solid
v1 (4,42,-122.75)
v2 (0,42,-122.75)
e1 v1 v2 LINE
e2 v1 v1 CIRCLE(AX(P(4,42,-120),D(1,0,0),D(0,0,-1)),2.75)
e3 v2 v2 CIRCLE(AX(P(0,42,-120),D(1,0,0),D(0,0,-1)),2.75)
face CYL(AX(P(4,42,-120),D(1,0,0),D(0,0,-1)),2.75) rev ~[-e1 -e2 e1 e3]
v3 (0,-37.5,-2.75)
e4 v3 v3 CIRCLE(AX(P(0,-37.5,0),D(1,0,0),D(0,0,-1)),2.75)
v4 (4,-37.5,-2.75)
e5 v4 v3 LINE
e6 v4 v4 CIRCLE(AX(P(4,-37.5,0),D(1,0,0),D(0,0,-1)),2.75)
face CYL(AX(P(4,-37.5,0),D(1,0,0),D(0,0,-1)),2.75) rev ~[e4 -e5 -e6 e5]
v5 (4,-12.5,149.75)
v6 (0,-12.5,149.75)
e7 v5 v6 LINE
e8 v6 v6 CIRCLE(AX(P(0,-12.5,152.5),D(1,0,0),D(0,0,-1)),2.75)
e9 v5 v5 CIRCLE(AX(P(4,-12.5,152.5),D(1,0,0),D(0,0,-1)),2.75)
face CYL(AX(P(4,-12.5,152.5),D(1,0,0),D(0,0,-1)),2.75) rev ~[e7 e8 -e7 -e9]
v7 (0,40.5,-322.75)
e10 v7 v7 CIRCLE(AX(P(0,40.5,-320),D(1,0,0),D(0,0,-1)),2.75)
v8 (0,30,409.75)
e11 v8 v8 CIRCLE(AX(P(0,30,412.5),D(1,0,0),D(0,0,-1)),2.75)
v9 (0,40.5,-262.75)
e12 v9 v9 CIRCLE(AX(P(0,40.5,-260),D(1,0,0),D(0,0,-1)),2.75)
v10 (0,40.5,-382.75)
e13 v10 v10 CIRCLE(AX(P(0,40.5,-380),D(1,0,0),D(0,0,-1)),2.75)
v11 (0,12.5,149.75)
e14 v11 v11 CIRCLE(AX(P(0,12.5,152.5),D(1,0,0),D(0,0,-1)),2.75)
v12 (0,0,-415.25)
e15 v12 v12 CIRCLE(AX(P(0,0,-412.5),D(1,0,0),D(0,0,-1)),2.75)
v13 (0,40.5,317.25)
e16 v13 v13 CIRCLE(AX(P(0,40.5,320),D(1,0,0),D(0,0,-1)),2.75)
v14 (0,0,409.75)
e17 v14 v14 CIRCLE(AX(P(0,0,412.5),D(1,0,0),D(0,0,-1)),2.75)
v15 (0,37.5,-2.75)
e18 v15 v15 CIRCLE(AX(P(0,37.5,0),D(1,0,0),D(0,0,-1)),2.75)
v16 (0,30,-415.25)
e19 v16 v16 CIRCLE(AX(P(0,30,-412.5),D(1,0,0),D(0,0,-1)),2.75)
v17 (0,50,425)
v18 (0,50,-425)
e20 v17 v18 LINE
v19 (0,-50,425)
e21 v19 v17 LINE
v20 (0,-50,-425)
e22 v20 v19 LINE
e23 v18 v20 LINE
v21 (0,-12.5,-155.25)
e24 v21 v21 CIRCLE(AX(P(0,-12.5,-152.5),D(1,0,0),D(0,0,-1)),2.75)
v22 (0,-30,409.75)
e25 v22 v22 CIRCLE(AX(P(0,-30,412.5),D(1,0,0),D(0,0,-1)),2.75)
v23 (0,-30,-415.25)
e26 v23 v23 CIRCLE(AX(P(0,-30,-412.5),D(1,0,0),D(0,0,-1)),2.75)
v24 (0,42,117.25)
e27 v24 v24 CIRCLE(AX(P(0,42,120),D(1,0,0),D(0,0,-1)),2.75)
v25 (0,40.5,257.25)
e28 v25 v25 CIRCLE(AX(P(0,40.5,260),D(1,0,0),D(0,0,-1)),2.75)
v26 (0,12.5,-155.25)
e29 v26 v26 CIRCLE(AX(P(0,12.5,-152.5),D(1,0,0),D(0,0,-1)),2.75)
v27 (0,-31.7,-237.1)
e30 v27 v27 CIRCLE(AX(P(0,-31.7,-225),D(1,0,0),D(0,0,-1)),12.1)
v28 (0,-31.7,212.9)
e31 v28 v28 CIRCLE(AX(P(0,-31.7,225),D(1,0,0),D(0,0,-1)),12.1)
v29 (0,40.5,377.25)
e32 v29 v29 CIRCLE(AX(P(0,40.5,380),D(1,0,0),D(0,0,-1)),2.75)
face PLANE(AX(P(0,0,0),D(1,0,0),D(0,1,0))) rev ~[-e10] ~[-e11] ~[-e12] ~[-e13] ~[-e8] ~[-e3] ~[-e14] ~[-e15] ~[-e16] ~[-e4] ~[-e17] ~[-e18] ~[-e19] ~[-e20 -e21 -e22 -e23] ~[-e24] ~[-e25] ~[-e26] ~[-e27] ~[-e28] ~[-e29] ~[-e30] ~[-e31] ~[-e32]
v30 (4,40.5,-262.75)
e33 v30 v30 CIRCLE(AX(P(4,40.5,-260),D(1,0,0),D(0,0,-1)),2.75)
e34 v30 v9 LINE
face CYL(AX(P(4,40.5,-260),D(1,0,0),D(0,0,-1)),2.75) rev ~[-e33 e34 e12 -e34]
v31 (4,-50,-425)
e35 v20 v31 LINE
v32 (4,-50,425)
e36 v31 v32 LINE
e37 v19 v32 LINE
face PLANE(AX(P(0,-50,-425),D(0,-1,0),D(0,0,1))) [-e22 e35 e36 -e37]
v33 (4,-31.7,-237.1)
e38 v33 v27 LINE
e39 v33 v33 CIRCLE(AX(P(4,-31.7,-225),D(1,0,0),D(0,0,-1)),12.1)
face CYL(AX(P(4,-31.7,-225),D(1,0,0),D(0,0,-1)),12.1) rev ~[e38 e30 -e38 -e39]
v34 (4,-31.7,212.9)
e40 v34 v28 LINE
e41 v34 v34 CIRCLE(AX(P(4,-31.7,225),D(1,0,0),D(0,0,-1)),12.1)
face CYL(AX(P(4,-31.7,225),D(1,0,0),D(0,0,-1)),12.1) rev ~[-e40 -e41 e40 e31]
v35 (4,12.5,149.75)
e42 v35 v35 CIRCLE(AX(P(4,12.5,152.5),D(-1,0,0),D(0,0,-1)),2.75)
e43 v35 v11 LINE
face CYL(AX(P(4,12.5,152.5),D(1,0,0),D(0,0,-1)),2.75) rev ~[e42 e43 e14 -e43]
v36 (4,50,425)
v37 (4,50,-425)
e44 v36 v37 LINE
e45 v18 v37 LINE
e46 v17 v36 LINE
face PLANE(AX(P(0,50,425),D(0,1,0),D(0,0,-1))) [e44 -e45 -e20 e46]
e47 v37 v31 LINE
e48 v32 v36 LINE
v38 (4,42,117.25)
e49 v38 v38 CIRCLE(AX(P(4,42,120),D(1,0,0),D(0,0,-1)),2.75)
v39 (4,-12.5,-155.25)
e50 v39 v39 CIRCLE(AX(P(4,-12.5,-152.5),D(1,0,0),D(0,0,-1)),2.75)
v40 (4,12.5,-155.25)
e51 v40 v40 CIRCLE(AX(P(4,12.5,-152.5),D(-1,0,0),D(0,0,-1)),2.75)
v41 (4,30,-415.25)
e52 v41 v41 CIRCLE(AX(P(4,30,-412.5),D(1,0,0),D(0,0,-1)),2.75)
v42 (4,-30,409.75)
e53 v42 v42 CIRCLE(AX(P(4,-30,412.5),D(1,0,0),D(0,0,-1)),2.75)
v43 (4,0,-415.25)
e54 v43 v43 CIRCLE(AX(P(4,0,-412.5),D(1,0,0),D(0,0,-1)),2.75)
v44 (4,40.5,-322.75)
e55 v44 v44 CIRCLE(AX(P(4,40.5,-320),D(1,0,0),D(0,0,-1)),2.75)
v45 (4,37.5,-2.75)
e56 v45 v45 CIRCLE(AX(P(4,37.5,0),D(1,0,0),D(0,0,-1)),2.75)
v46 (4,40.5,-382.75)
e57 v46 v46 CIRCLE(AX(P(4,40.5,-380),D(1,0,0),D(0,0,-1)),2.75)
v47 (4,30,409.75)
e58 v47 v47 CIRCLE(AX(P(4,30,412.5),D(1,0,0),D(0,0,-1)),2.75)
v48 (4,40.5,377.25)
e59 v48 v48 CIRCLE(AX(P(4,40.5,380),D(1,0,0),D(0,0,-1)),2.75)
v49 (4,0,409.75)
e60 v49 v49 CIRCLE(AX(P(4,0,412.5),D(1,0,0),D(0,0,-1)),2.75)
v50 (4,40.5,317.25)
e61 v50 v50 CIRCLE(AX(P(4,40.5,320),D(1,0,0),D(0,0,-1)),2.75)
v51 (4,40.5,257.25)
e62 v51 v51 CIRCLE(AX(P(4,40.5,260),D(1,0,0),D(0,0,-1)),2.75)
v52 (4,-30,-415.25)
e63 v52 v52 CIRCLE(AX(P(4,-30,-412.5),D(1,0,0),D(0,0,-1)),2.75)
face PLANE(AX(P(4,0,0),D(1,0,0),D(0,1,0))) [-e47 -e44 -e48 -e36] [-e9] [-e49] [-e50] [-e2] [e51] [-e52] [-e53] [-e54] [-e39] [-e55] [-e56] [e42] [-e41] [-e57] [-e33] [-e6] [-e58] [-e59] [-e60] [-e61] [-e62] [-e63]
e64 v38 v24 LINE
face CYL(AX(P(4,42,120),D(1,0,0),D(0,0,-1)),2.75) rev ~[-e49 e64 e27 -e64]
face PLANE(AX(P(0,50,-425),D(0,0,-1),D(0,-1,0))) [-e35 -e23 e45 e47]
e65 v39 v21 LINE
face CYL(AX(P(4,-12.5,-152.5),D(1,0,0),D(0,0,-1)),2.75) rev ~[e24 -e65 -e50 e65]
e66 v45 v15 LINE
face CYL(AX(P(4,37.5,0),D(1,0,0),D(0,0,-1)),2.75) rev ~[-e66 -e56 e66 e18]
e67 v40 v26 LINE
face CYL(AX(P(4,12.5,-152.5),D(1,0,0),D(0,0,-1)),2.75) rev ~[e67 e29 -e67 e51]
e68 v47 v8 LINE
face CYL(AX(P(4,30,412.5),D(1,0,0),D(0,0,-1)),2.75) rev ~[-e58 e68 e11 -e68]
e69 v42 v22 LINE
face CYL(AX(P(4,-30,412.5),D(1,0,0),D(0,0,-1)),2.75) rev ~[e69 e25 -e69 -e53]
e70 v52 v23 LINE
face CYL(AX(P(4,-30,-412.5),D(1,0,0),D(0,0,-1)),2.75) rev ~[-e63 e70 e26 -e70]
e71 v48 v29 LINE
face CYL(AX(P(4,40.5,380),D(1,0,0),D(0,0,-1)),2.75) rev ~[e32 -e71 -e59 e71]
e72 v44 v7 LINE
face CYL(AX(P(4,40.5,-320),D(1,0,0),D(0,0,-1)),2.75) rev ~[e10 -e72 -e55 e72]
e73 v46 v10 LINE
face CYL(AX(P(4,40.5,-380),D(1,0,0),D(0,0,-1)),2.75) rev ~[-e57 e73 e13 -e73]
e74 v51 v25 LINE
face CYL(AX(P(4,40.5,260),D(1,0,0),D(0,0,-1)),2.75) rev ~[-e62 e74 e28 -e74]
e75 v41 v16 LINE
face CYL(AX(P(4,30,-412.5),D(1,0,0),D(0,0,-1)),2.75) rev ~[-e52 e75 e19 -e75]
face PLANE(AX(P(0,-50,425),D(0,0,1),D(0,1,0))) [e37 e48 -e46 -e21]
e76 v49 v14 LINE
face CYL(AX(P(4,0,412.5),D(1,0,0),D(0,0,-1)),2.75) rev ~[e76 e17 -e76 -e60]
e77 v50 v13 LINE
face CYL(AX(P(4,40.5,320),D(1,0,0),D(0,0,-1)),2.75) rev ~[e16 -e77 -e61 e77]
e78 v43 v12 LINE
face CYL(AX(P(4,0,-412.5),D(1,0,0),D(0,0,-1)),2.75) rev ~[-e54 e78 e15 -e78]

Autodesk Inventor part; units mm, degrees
ref_plane "YZ Plane" through (0, 0, 0) normal (1, 0, 0) x (0, 1, 0)
ref_plane "XZ Plane" through (0, 0, 0) normal (0, 1, 0) x (-1, 0, 0)
ref_plane "XY Plane" through (0, 0, 0) normal (0, 0, 1) x (1, 0, 0)
sketch "Sketch1" plane through (0, 0, 0) normal (1, 0, 0) x (0, 1, 0)
  line L0 (-50, 425) -> (50, 425)
  line L1 (50, 425) -> (50, -425)
  line L2 (50, -425) -> (-50, -425)
  line L3 (-50, -425) -> (-50, 425)
  line L4 (-50, 425) -> (50, -425) construction
  line L5 (50, 425) -> (-50, -425) construction
  point P0 (0, 0)
  dimension "d0" = 100
  dimension "d1" = 850
extrude "Extrusion1" add sketch "Sketch1" along normal blind 4
sketch "Sketch2" plane through (4, 0, 0) normal (1, 0, 0) x (0, 0, -1)
  circle A0 centre (-225, -31.7) radius 12.1
  line L0 (-425, -50) -> (425, -50) projected
  line L1 (-425, 50) -> (-425, -50) projected
  line L2 (425, 50) -> (-425, 50) projected
  line L3 (0, 50) -> (0, -50)
  circle A1 centre (225, -31.7) radius 12.1
  point P0 (0, 0)
  dimension "d4" = 18.3
  dimension "d5" = 200
  dimension "d6" = 24.2
  dimension "d9" = 425
extrude "Extrusion2" cut sketch "Sketch2" against normal through all contours A0 | A1
sketch "Sketch3" plane through (4, 0, 0) normal (1, 0, 0) x (0, 0, -1)
  circle A0 centre (120, -42) radius 2.75 projected
  circle A1 centre (120, 42) radius 2.75 projected
  circle A2 centre (0, 37.5) radius 2.75 projected
  circle A3 centre (412.5, 30) radius 2.75 projected
  circle A4 centre (412.5, 0) radius 2.75 projected
  circle A5 centre (412.5, -30) radius 2.75 projected
  circle A6 centre (260, 40.5) radius 2.75 projected
  circle A7 centre (320, 40.5) radius 2.75 projected
  circle A8 centre (145.213, 6.296) radius 10.5 projected
  circle A9 centre (196.913, 6.296) radius 10.5 projected
  circle A10 centre (-145.213, 6.296) radius 10.5 projected
  circle A11 centre (-196.913, 6.296) radius 10.5 projected
  circle A12 centre (-105, -14) radius 10 projected
  circle A13 centre (-79.6, -14) radius 2.75 projected
  circle A14 centre (-130.4, -14) radius 2.75 projected
  circle A15 centre (-264.9997, -22.6996) radius 2.75 projected
  circle A16 centre (-147.163, -33.4172) radius 2.75 projected
  circle A17 centre (264.9997, -22.6996) radius 2.75 projected
  circle A18 centre (174.913, 42.776) radius 2.75 projected
  circle A19 centre (147.163, -33.4172) radius 2.75 projected
  circle A20 centre (130.4, -14) radius 2.75 projected
  circle A21 centre (79.6, -14) radius 2.75 projected
  circle A22 centre (105, 11.4) radius 2.75 projected
  circle A23 centre (105, -39.4) radius 2.75 projected
  circle A24 centre (111.5777, 29.8129) radius 2.75 projected
  circle A25 centre (236.913, 19.219) radius 2.75 projected
  circle A26 centre (-236.913, 19.219) radius 2.75 projected
  circle A27 centre (-174.913, 42.776) radius 2.75 projected
  circle A28 centre (-111.5777, 29.8129) radius 2.75 projected
  circle A29 centre (-105, 11.4) radius 2.75 projected
  circle A30 centre (-105, -39.4) radius 2.75 projected
  circle A31 centre (241, -31.7) radius 2.25 projected
  circle A32 centre (-241, -31.7) radius 2.25 projected
  circle A33 centre (-209, -31.7) radius 2.25 projected
  circle A34 centre (-225, -15.7) radius 2.25 projected
  circle A35 centre (225, -15.7) radius 2.25 projected
  circle A36 centre (209, -31.7) radius 2.25 projected
  circle A37 centre (-225, -31.7) radius 12.3 projected
  circle A38 centre (225, -31.7) radius 12.3 projected
  line L0 (-425, 50) -> (-425, -50) projected
  line L1 (-425, 50) -> (425, 50) projected
  line L2 (425, -50) -> (425, 50) projected
  line L3 (-425, -50) -> (425, -50) projected
  circle A39 centre (-152.5, 12.5) radius 2.75 projected
  circle A40 centre (152.5, 12.5) radius 2.75 projected
  circle A41 centre (152.5, -12.5) radius 2.75 projected
  circle A42 centre (-152.5, -12.5) radius 2.75 projected
  circle A43 centre (0, -37.5) radius 2.75 projected
  circle A44 centre (320, 40.5) radius 2.75 projected
  circle A45 centre (260, 40.5) radius 2.75 projected
  circle A46 centre (0, 37.5) radius 2.75 projected
  circle A47 centre (120, 42) radius 2.75 projected
  circle A48 centre (380, 40.5) radius 2.75 projected
  circle A49 centre (412.5, 0) radius 2.75 projected
  circle A50 centre (412.5, -30) radius 2.75 projected
  circle A51 centre (-264.9997, -22.6996) radius 2.75 projected
  circle A52 centre (-147.163, -33.4172) radius 2.75 projected
  circle A53 centre (264.9997, -22.6996) radius 2.75 projected
  circle A54 centre (174.913, 42.776) radius 2.75 projected
  circle A55 centre (147.163, -33.4172) radius 2.75 projected
  circle A56 centre (111.5777, 29.8129) radius 2.75 projected
  circle A57 centre (236.913, 19.219) radius 2.75 projected
  circle A58 centre (-236.913, 19.219) radius 2.75 projected
  circle A59 centre (-174.913, 42.776) radius 2.75 projected
  circle A60 centre (-111.5777, 29.8129) radius 2.75 projected
  circle A61 centre (225, -31.7) radius 16.3 projected
  circle A62 centre (-225, -31.7) radius 16.3 projected
  line L4 (-425, -50) -> (-425, 50) projected
  line L5 (-425, -50) -> (425, -50) projected
  line L6 (425, 50) -> (425, -50) projected
  line L7 (-425, 50) -> (425, 50) projected
  circle A63 centre (-120, 42) radius 2.75 projected
  circle A64 centre (-105, -14) radius 34 projected
  circle A65 centre (75.0667, -42) radius 2.75 projected
  circle A66 centre (105, -14) radius 34 projected
  circle A67 centre (152.5, -12.5) radius 7.5 projected
  circle A68 centre (-152.5, -12.5) radius 7.5 projected
  circle A69 centre (-85.6, 40) radius 2.75 projected
  circle A70 centre (15.6, 40) radius 2.75 projected
  circle A71 centre (364.4, 40) radius 2.75 projected
  circle A72 centre (364.5, -40) radius 2.75 projected
  circle A73 centre (15.6, -40) radius 2.75 projected
  circle A74 centre (-85.6, -40) radius 2.75 projected
  arc A75 (-119.576, -44.7171) -> (-92.3554, -45.5613) centre (-105, -14) ccw projected
  circle A76 centre (15.6, -40) radius 8.75 projected
  circle A77 centre (-85.6, 40) radius 8.75 projected
  circle A78 centre (15.6, 40) radius 8.75 projected
  circle A79 centre (364.5, -40) radius 8.75 projected
  arc A80 (-92.3554, -45.5613) -> (-78.3455, -35.1077) centre (-85.6, -40) ccw projected
  circle A81 centre (105, -14) radius 10 projected
  circle A82 centre (0, 0) radius 25 projected
  circle A83 centre (0, 0) radius 25 projected
  arc A84 (119.576, -44.7171) -> (122.4969, -43.1523) centre (120, -42) ccw projected
  arc A85 (122.4969, -43.1523) -> (119.576, -44.7171) centre (105, -14) ccw projected
  arc A86 (-78.3455, -35.1077) -> (-122.4969, -43.1523) centre (-105, -14) ccw projected
  circle A87 centre (412.5, 30) radius 2.75 projected
  circle A88 centre (412.5, 30) radius 2.75 projected
  circle A89 centre (364.4, 40) radius 8.75 projected
  circle A90 centre (364.4, 40) radius 8.75 projected
  circle A91 centre (0, -37.5) radius 7.75 projected
  circle A92 centre (380, 40.5) radius 6.75 projected
  circle A93 centre (-412.5, 0) radius 2.75 projected
  circle A94 centre (-380, 40.5) radius 2.75 projected
  circle A95 centre (-260, 40.5) radius 2.75 projected
  circle A96 centre (-320, 40.5) radius 2.75 projected
  circle A97 centre (-412.5, 30) radius 2.75 projected
  circle A98 centre (-412.5, -30) radius 2.75 projected
  circle A99 centre (-120, -42) radius 2.75 projected
  arc A100 (-122.4969, -43.1523) -> (-119.576, -44.7171) centre (-120, -42) ccw projected
  circle A101 centre (-412.5, -30) radius 2.75 projected
  circle A102 centre (-412.5, 30) radius 2.75 projected
  circle A103 centre (-320, 40.5) radius 2.75 projected
  circle A104 centre (-260, 40.5) radius 2.75 projected
  circle A105 centre (-380, 40.5) radius 2.75 projected
  circle A106 centre (-412.5, 0) radius 2.75 projected
  circle A107 centre (-120, 42) radius 2.75 projected
  point P0 (0, 0)
  point P1 (72.4969, -43.1523)
  point P2 (69.576, -44.7171)
  point P3 (369.0669, 32.5985)
  point P4 (365.7758, 31.3588)
  point P5 (368.1667, 30)
  point P6 (-105, -14)
  point P7 (-105, -14)
  point P8 (105, -14)
  point P9 (-105, -14)
  point P10 (-105, -14)
extrude "Extrusion3" cut sketch "Sketch3" against normal blind 10 contours A1 | A2 | A4 | A5 | A6 | A7 | A40 A8 | A8 A40 | A39 A10 | A10 A39 | A41 | A42 | A43 picked at (152.3295, 12.2121) picked at (153.6603, 13.4669) picked at (-152.2792, 12.2624) picked at (-153.718, 13.3887)
sketch "Sketch4" plane through (4, 0, 0) normal (1, 0, 0) x (0, 0, -1)
  circle A0 centre (120, 42) radius 2.75 projected
  circle A1 centre (0, 37.5) radius 2.75 projected
  circle A2 centre (-120, 42) radius 2.75 projected
  circle A3 centre (152.5, 12.5) radius 2.75 projected
  circle A4 centre (152.5, -12.5) radius 2.75 projected
  circle A5 centre (-152.5, 12.5) radius 2.75 projected
  circle A6 centre (-152.5, -12.5) radius 2.75 projected
  circle A7 centre (-412.5, 30) radius 2.75 projected
  circle A8 centre (-412.5, 0) radius 2.75 projected
  circle A9 centre (-412.5, -30) radius 2.75 projected
  circle A10 centre (412.5, 30) radius 2.75 projected
  circle A11 centre (412.5, 0) radius 2.75 projected
  circle A12 centre (412.5, -30) radius 2.75 projected
  circle A13 centre (380, 40.5) radius 2.75 projected
  circle A14 centre (320, 40.5) radius 2.75 projected
  circle A15 centre (260, 40.5) radius 2.75 projected
  circle A16 centre (-380, 40.5) radius 2.75 projected
  circle A17 centre (-320, 40.5) radius 2.75 projected
  circle A18 centre (-260, 40.5) radius 2.75 projected
  point P0 (0, 0)
extrude "Extrusion4" cut sketch "Sketch4" against normal through all
properties part number "Bumper Plate" material "Aluminum 6061"
